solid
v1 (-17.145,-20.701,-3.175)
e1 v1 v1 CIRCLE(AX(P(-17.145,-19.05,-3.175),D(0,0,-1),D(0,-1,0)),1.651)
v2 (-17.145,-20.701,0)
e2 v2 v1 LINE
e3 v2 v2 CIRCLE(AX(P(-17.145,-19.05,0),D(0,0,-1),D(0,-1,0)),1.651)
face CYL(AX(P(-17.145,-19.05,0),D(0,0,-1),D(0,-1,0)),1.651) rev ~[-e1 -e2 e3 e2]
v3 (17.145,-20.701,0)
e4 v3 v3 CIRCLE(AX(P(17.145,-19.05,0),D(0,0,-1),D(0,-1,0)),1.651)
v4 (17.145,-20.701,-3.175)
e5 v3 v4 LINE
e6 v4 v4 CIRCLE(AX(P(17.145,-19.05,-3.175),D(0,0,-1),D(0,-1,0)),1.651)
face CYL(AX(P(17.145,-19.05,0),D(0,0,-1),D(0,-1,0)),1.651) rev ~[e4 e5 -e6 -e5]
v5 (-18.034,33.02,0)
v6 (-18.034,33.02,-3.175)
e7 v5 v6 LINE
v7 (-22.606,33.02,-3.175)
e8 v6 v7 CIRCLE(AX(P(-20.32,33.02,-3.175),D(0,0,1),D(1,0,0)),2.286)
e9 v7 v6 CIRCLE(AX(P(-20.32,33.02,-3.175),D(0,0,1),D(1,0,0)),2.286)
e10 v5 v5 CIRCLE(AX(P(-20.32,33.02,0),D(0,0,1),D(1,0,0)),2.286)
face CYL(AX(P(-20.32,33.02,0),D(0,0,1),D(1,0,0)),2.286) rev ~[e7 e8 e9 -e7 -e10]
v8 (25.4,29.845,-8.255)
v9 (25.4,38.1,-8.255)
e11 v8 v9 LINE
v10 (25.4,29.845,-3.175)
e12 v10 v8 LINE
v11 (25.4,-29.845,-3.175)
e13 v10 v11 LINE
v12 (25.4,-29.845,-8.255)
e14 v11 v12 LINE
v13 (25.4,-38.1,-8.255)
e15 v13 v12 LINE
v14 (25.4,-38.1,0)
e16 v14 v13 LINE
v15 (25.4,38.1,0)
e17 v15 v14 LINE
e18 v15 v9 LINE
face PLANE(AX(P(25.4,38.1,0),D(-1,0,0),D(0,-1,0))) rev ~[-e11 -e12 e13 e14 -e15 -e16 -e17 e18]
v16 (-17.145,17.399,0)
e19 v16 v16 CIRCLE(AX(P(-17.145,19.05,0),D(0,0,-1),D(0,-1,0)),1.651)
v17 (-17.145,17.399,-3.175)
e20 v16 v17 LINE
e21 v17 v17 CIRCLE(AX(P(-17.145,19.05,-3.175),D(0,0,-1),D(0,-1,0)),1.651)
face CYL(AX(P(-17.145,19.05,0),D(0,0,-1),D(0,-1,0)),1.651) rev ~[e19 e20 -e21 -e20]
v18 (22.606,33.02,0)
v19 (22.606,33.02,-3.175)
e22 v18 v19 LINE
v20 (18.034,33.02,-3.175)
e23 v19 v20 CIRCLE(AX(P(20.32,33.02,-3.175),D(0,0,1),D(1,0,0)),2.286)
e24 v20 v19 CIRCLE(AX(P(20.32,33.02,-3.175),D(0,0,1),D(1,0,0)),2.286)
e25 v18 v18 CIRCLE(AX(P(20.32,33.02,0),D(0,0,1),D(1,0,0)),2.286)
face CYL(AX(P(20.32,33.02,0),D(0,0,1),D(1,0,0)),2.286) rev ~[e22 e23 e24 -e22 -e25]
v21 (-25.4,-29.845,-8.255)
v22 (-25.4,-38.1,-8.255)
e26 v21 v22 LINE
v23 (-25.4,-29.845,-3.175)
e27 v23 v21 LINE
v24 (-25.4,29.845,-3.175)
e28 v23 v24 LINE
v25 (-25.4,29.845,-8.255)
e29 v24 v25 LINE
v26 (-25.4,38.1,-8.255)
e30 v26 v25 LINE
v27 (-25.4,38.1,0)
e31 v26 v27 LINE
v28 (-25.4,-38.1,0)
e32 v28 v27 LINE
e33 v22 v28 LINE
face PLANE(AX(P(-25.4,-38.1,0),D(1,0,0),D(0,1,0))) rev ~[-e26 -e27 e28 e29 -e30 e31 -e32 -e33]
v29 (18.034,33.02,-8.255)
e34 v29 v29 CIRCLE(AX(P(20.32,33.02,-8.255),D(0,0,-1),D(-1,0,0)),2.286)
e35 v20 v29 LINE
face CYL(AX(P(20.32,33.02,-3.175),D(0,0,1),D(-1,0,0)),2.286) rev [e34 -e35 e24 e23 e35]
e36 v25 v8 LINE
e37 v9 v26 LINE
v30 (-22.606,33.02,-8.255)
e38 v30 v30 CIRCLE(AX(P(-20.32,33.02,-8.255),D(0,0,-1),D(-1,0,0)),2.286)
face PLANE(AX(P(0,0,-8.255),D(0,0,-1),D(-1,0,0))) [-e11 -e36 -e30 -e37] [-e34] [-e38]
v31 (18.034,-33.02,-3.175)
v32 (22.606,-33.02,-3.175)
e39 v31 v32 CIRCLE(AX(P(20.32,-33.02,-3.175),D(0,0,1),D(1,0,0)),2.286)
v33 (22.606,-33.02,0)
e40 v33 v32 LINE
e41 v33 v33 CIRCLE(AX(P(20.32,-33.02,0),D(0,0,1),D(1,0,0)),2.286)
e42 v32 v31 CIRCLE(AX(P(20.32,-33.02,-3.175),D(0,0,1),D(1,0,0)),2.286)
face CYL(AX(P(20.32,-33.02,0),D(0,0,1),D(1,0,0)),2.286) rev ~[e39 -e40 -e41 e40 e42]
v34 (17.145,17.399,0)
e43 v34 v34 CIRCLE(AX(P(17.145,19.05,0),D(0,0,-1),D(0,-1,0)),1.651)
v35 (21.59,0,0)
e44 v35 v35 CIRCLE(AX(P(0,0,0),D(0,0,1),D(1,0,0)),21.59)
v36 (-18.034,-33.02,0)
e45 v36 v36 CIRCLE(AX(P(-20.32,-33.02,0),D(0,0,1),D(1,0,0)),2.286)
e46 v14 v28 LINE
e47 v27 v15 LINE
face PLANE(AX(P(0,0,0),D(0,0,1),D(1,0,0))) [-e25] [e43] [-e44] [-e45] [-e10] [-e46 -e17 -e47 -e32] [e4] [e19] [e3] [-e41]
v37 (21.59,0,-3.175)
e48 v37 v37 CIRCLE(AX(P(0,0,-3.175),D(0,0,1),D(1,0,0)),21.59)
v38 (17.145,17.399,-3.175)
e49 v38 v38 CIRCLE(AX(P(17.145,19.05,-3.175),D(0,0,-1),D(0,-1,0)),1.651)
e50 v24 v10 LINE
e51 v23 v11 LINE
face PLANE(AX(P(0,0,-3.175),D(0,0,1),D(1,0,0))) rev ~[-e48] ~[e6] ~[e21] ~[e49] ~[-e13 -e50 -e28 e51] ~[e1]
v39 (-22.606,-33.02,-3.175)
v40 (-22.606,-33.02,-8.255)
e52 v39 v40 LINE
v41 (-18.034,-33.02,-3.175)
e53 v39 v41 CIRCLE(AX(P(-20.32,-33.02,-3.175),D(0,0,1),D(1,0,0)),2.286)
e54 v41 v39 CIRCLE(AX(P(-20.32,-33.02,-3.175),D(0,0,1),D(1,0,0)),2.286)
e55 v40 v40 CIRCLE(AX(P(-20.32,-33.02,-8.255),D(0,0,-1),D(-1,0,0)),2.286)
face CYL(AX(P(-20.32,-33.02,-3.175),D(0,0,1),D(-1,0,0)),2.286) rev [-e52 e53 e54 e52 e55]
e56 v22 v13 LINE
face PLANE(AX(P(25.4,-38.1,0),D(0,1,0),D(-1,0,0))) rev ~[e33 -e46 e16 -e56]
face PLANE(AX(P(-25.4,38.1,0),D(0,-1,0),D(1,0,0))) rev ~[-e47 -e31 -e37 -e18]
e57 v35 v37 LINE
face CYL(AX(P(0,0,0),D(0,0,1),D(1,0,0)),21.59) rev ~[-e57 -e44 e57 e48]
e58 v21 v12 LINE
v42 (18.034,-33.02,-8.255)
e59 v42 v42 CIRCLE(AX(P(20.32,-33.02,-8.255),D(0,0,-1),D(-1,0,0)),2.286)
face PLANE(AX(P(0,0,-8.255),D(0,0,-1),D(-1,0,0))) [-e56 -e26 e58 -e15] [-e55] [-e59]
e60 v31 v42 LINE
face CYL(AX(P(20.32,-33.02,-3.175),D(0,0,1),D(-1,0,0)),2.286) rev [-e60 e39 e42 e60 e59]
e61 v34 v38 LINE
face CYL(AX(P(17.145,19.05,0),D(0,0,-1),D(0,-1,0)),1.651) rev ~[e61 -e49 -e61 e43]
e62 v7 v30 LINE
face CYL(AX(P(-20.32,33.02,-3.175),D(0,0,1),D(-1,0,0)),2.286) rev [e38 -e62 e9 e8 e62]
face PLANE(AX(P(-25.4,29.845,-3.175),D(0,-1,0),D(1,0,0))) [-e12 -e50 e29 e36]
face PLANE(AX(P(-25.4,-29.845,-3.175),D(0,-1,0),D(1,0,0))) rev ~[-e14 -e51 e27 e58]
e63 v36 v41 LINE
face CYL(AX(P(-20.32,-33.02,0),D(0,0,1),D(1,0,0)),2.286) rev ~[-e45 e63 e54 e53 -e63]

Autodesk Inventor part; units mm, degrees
ref_plane "YZ Plane" through (0, 0, 0) normal (1, 0, 0) x (0, 1, 0)
ref_plane "XZ Plane" through (0, 0, 0) normal (0, 1, 0) x (-1, 0, 0)
ref_plane "XY Plane" through (0, 0, 0) normal (0, 0, 1) x (1, 0, 0)
sketch "Sketch1" plane through (0, 0, 0) normal (0, 0, 1) x (1, 0, 0)
  line L0 (-25.4, 38.1) -> (25.4, 38.1)
  line L1 (25.4, 38.1) -> (25.4, -38.1)
  line L2 (25.4, -38.1) -> (-25.4, -38.1)
  line L3 (-25.4, -38.1) -> (-25.4, 38.1)
  circle A0 centre (0, 0) radius 21.59
  circle A1 centre (-20.32, 33.02) radius 2.286
  circle A2 centre (0, 0) radius 19.05 construction
  circle A3 centre (20.32, 33.02) radius 2.286
  circle A4 centre (-20.32, -33.02) radius 2.286
  circle A5 centre (20.32, -33.02) radius 2.286
  point P0 (-17.145, 19.05)
  point P1 (17.145, 19.05)
  point P2 (17.145, -19.05)
  point P3 (-17.145, -19.05)
  dimension "d0" = 43.18
  dimension "d1" = 76.2
  dimension "d2" = 38.1
  dimension "d3" = 50.8
  dimension "d4" = 25.4
  dimension "d5" = 4.572
  dimension "d6" = 5.08
  dimension "d7" = 5.08
  dimension "d8" = 38.1
  dimension "d9" = 4.572
  dimension "d10" = 5.08
  dimension "d11" = 5.08
  dimension "d12" = 4.572
  dimension "d13" = 4.572
  dimension "d20" = 66.04
  dimension "d21" = 40.64
  dimension "d23" = 34.29
  dimension "d24" = 19.05
  dimension "d25" = 19.05
  dimension "d26" = 17.145
extrude "Extrusion1" add sketch "Sketch1" against normal blind 3.175
sketch "Sketch2" plane through (0, 0, -3.175) normal (0, 0, -1) x (-1, 0, 0)
  circle A0 centre (-20.32, -33.02) radius 2.286 projected
  circle A1 centre (20.32, -33.02) radius 2.286 projected
  circle A2 centre (-20.32, 33.02) radius 2.286 projected
  circle A3 centre (20.32, 33.02) radius 2.286 projected
  line L0 (25.4, 38.1) -> (25.4, -38.1) projected
  line L1 (-25.4, 38.1) -> (25.4, 38.1) projected
  line L2 (-25.4, -38.1) -> (-25.4, 38.1) projected
  line L3 (25.4, -38.1) -> (-25.4, -38.1) projected
  line L4 (-25.4, 38.1) -> (25.4, 38.1)
  line L5 (25.4, 38.1) -> (25.4, 29.845)
  line L6 (25.4, 29.845) -> (-25.4, 29.845)
  line L7 (-25.4, 29.845) -> (-25.4, 38.1)
  line L8 (-25.4, -38.1) -> (25.4, -38.1)
  line L9 (25.4, -38.1) -> (25.4, -29.845)
  line L10 (25.4, -29.845) -> (-25.4, -29.845)
  line L11 (-25.4, -29.845) -> (-25.4, -38.1)
  dimension "d16" = 8.255
  dimension "d17" = 8.255
extrude "Extrusion2" add sketch "Sketch2" along normal blind 5.08 contours L0 L6 L2 L1 | L0 L3 L2 L10
hole "Hole1" at (-17.145, 19.05, 0) at (17.145, 19.05, 0) at (17.145, -19.05, 0) at (-17.145, -19.05, 0) direction (0, 0, -1) diameter 3.302 end through all thread size "8-32 UNC" class "2B" standard "ANSI Unified Screw Threads"
equation "\"d2\" = 0.5 * d1"
equation "\"d4\" = 0.5 * d3"
equation "\"d9\" = d5"
equation "\"d12\" = d5"
equation "\"d13\" = d5"
equation "\"d26\" = 0.5 * d23"
equation "\"d17\" = d16"
properties part number "Dewalt CAP Clamp Plate"
